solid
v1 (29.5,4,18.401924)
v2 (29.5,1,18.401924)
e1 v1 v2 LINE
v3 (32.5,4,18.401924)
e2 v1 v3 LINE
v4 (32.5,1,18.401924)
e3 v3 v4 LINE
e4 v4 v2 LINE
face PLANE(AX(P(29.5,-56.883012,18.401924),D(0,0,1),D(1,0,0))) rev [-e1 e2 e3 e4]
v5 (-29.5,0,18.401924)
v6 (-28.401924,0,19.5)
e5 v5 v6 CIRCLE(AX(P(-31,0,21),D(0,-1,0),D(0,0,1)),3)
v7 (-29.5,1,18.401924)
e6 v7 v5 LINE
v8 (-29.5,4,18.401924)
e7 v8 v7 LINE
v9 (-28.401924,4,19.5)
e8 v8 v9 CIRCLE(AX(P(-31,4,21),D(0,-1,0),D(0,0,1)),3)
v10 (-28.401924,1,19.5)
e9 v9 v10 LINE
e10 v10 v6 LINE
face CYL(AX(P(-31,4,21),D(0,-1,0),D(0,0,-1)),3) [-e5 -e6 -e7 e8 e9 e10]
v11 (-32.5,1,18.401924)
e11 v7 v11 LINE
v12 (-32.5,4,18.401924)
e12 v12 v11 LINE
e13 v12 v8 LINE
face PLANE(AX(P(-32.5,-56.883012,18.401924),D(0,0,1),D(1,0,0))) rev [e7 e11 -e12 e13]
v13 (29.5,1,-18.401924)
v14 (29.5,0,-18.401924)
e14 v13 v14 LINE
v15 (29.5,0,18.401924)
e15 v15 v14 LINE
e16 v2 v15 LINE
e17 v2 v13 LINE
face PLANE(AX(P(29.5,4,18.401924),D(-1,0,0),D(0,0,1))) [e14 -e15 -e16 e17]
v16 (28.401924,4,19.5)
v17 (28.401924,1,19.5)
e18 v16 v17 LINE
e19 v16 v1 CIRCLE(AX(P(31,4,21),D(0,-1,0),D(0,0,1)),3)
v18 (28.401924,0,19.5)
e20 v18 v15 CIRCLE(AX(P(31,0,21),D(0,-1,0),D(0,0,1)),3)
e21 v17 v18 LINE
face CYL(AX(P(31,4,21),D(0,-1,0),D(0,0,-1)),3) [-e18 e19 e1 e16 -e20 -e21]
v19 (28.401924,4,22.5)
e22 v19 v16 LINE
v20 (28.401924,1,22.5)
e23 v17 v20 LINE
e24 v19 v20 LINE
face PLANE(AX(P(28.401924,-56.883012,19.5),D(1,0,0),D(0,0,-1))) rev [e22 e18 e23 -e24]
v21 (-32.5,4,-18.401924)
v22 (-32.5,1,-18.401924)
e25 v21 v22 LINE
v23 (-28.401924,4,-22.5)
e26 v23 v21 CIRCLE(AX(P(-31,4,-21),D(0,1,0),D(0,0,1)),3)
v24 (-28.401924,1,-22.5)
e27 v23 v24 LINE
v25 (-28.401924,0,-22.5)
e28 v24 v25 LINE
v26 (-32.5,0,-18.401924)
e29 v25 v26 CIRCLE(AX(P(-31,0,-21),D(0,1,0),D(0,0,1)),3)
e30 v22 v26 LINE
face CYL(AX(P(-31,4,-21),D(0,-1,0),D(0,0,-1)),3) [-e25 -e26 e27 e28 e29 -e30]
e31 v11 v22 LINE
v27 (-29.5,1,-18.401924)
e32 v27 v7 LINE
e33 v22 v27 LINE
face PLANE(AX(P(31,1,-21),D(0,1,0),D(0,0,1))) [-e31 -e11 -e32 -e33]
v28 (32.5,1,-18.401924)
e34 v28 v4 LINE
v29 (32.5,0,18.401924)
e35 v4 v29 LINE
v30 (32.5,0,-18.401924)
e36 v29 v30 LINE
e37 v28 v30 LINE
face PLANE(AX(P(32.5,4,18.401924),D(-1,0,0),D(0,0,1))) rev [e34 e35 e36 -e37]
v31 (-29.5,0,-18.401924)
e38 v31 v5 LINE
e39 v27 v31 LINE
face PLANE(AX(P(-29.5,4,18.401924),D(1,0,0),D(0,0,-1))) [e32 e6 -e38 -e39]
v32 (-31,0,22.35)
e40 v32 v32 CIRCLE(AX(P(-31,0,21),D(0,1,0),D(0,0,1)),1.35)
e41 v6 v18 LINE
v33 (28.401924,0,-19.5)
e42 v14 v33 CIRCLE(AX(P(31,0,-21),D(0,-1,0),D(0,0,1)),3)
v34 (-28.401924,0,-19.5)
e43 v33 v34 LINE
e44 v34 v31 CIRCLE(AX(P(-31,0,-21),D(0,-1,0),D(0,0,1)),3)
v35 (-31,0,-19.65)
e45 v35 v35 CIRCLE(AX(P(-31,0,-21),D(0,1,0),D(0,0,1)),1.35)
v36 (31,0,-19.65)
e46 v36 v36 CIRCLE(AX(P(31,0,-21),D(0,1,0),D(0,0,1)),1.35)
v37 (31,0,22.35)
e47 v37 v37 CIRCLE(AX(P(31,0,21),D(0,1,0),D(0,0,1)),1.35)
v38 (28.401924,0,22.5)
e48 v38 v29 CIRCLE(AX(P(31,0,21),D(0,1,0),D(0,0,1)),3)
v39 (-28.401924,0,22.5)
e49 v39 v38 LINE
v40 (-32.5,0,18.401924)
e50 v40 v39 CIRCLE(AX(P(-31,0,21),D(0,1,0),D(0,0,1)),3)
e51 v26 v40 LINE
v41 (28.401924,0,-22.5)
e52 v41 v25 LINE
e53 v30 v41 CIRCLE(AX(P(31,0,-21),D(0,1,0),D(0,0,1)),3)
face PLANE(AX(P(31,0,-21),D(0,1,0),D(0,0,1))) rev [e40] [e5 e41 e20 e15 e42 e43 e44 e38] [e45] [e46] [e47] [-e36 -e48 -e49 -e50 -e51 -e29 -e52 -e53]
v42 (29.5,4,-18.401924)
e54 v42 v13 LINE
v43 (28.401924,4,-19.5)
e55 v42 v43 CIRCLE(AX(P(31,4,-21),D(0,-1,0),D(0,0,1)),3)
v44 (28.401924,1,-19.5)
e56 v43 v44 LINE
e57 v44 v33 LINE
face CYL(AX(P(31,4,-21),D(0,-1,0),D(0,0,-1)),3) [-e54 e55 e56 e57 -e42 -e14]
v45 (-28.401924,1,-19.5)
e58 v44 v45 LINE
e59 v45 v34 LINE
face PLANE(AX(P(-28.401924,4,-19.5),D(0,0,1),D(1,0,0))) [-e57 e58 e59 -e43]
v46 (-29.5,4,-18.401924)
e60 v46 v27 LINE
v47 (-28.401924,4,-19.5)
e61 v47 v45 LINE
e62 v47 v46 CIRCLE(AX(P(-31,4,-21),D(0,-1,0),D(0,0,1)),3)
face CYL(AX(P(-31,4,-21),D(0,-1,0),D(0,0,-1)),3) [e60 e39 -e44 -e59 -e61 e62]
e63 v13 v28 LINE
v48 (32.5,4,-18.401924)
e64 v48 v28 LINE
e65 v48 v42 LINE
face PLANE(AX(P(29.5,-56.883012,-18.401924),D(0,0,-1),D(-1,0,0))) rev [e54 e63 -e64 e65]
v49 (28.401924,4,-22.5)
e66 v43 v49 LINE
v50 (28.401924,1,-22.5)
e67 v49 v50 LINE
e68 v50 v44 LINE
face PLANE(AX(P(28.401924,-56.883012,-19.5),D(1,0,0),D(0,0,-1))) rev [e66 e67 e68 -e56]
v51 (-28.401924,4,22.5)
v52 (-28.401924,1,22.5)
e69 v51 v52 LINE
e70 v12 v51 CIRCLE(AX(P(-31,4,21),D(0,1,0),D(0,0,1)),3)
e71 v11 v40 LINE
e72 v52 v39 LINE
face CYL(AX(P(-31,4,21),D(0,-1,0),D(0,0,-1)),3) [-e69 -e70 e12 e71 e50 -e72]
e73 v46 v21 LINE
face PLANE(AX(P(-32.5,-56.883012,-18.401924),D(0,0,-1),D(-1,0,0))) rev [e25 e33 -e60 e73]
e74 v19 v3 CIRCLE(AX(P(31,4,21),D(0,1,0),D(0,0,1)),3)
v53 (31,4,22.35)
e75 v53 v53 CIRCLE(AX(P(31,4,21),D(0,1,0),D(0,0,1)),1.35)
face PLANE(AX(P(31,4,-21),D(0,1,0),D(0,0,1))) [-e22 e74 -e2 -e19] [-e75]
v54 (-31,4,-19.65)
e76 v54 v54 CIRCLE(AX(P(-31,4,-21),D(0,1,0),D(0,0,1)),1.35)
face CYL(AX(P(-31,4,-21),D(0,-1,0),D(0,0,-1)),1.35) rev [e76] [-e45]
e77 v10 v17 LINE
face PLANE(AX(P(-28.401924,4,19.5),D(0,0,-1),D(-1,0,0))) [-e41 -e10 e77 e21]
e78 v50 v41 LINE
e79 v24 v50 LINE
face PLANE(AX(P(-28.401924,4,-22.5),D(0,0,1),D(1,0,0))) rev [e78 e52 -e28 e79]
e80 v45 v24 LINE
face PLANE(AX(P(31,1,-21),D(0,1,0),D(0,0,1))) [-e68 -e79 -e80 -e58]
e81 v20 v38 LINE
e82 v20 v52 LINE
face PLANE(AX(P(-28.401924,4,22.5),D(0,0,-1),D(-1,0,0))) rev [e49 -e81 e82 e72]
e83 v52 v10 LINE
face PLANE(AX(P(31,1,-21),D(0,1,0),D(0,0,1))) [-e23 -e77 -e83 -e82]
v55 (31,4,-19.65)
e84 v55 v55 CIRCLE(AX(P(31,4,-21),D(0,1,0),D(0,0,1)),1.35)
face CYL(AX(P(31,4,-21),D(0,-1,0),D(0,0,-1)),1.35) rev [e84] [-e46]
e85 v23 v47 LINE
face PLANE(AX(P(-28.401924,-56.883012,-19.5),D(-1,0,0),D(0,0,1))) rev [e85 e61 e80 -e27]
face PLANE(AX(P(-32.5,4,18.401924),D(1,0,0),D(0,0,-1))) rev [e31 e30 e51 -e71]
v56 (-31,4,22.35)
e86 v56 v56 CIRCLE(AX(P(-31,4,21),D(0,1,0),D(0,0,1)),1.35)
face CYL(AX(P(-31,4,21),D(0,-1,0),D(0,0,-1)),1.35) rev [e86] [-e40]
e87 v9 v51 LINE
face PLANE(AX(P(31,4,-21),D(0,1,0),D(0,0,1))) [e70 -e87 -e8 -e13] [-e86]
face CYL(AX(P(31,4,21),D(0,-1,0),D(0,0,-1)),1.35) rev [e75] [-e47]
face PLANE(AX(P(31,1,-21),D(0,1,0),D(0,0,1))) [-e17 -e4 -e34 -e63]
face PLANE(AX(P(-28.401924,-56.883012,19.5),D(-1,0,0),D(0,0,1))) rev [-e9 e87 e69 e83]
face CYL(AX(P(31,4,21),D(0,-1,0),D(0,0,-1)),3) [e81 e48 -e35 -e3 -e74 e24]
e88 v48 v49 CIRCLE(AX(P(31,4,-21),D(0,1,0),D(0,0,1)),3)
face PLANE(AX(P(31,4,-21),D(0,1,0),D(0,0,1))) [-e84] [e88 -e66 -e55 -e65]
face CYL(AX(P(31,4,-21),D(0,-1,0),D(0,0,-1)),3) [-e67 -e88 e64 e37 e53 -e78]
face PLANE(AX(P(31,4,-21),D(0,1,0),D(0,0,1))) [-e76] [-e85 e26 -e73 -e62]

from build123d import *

# Parameters (mm, degrees)
SKETCH1_R           = 1.35
BOSS_EXTRUDE1_DEPTH = 4
SKETCH2_W           = 3
SKETCH2_H           = 36.803847578
SKETCH2_W_2         = 56.803847578
SKETCH2_H_2         = 3
CUT_EXTRUDE1_DEPTH  = 3


with BuildPart() as part:
    # Sketch1 → Boss-Extrude1 (new body)
    with BuildSketch(Plane(origin=(0, 0, 0), x_dir=(1, 0, 0), z_dir=(0, 1, 0))):
        with BuildLine():
            Line((-28.401923789, 22.5), (28.401923789, 22.5))
            ThreePointArc((28.401923789, 22.5), (33.121320344, 23.121320344), (32.5, 18.401923789))
            Line((32.5, 18.401923789), (32.5, -18.401923789))
            ThreePointArc((32.5, -18.401923789), (33.121320344, -23.121320344), (28.401923789, -22.5))
            Line((28.401923789, -22.5), (-28.401923789, -22.5))
            ThreePointArc((-28.401923789, -22.5), (-33.121320344, -23.121320344), (-32.5, -18.401923789))
            Line((-32.5, -18.401923789), (-32.5, 18.401923789))
            ThreePointArc((-32.5, 18.401923789), (-33.121320344, 23.121320344), (-28.401923789, 22.5))
        make_face()
        with Locations((31, 21)):
            Circle(SKETCH1_R, mode=Mode.SUBTRACT)
        with Locations((31, -21)):
            Circle(SKETCH1_R, mode=Mode.SUBTRACT)
        with Locations((-31, -21)):
            Circle(SKETCH1_R, mode=Mode.SUBTRACT)
        with Locations((-31, 21)):
            Circle(SKETCH1_R, mode=Mode.SUBTRACT)
        with BuildLine():
            Line((-28.401923789, 19.5), (28.401923789, 19.5))
            ThreePointArc((28.401923789, 19.5), (28.878679656, 18.878679656), (29.5, 18.401923789))
            Line((29.5, 18.401923789), (29.5, -18.401923789))
            ThreePointArc((29.5, -18.401923789), (28.878679656, -18.878679656), (28.401923789, -19.5))
            Line((28.401923789, -19.5), (-28.401923789, -19.5))
            ThreePointArc((-28.401923789, -19.5), (-28.878679656, -18.878679656), (-29.5, -18.401923789))
            Line((-29.5, -18.401923789), (-29.5, 18.401923789))
            ThreePointArc((-29.5, 18.401923789), (-28.878679656, 18.878679656), (-28.401923789, 19.5))
        make_face(mode=Mode.SUBTRACT)
    extrude(amount=BOSS_EXTRUDE1_DEPTH)

    # Sketch2 → Cut-Extrude1 (cut)
    with BuildSketch(Plane(origin=(0, 4, 0), x_dir=(1, 0, 0), z_dir=(0, 1, 0))):
        with Locations((-31, 0)):
            Rectangle(SKETCH2_W, SKETCH2_H)
        with Locations((0, -21)):
            Rectangle(SKETCH2_W_2, SKETCH2_H_2)
        with Locations((31, 0)):
            Rectangle(SKETCH2_W, SKETCH2_H)
        with Locations((0, 21)):
            Rectangle(SKETCH2_W_2, SKETCH2_H_2)
    extrude(amount=-CUT_EXTRUDE1_DEPTH, mode=Mode.SUBTRACT)


solid = part.part
